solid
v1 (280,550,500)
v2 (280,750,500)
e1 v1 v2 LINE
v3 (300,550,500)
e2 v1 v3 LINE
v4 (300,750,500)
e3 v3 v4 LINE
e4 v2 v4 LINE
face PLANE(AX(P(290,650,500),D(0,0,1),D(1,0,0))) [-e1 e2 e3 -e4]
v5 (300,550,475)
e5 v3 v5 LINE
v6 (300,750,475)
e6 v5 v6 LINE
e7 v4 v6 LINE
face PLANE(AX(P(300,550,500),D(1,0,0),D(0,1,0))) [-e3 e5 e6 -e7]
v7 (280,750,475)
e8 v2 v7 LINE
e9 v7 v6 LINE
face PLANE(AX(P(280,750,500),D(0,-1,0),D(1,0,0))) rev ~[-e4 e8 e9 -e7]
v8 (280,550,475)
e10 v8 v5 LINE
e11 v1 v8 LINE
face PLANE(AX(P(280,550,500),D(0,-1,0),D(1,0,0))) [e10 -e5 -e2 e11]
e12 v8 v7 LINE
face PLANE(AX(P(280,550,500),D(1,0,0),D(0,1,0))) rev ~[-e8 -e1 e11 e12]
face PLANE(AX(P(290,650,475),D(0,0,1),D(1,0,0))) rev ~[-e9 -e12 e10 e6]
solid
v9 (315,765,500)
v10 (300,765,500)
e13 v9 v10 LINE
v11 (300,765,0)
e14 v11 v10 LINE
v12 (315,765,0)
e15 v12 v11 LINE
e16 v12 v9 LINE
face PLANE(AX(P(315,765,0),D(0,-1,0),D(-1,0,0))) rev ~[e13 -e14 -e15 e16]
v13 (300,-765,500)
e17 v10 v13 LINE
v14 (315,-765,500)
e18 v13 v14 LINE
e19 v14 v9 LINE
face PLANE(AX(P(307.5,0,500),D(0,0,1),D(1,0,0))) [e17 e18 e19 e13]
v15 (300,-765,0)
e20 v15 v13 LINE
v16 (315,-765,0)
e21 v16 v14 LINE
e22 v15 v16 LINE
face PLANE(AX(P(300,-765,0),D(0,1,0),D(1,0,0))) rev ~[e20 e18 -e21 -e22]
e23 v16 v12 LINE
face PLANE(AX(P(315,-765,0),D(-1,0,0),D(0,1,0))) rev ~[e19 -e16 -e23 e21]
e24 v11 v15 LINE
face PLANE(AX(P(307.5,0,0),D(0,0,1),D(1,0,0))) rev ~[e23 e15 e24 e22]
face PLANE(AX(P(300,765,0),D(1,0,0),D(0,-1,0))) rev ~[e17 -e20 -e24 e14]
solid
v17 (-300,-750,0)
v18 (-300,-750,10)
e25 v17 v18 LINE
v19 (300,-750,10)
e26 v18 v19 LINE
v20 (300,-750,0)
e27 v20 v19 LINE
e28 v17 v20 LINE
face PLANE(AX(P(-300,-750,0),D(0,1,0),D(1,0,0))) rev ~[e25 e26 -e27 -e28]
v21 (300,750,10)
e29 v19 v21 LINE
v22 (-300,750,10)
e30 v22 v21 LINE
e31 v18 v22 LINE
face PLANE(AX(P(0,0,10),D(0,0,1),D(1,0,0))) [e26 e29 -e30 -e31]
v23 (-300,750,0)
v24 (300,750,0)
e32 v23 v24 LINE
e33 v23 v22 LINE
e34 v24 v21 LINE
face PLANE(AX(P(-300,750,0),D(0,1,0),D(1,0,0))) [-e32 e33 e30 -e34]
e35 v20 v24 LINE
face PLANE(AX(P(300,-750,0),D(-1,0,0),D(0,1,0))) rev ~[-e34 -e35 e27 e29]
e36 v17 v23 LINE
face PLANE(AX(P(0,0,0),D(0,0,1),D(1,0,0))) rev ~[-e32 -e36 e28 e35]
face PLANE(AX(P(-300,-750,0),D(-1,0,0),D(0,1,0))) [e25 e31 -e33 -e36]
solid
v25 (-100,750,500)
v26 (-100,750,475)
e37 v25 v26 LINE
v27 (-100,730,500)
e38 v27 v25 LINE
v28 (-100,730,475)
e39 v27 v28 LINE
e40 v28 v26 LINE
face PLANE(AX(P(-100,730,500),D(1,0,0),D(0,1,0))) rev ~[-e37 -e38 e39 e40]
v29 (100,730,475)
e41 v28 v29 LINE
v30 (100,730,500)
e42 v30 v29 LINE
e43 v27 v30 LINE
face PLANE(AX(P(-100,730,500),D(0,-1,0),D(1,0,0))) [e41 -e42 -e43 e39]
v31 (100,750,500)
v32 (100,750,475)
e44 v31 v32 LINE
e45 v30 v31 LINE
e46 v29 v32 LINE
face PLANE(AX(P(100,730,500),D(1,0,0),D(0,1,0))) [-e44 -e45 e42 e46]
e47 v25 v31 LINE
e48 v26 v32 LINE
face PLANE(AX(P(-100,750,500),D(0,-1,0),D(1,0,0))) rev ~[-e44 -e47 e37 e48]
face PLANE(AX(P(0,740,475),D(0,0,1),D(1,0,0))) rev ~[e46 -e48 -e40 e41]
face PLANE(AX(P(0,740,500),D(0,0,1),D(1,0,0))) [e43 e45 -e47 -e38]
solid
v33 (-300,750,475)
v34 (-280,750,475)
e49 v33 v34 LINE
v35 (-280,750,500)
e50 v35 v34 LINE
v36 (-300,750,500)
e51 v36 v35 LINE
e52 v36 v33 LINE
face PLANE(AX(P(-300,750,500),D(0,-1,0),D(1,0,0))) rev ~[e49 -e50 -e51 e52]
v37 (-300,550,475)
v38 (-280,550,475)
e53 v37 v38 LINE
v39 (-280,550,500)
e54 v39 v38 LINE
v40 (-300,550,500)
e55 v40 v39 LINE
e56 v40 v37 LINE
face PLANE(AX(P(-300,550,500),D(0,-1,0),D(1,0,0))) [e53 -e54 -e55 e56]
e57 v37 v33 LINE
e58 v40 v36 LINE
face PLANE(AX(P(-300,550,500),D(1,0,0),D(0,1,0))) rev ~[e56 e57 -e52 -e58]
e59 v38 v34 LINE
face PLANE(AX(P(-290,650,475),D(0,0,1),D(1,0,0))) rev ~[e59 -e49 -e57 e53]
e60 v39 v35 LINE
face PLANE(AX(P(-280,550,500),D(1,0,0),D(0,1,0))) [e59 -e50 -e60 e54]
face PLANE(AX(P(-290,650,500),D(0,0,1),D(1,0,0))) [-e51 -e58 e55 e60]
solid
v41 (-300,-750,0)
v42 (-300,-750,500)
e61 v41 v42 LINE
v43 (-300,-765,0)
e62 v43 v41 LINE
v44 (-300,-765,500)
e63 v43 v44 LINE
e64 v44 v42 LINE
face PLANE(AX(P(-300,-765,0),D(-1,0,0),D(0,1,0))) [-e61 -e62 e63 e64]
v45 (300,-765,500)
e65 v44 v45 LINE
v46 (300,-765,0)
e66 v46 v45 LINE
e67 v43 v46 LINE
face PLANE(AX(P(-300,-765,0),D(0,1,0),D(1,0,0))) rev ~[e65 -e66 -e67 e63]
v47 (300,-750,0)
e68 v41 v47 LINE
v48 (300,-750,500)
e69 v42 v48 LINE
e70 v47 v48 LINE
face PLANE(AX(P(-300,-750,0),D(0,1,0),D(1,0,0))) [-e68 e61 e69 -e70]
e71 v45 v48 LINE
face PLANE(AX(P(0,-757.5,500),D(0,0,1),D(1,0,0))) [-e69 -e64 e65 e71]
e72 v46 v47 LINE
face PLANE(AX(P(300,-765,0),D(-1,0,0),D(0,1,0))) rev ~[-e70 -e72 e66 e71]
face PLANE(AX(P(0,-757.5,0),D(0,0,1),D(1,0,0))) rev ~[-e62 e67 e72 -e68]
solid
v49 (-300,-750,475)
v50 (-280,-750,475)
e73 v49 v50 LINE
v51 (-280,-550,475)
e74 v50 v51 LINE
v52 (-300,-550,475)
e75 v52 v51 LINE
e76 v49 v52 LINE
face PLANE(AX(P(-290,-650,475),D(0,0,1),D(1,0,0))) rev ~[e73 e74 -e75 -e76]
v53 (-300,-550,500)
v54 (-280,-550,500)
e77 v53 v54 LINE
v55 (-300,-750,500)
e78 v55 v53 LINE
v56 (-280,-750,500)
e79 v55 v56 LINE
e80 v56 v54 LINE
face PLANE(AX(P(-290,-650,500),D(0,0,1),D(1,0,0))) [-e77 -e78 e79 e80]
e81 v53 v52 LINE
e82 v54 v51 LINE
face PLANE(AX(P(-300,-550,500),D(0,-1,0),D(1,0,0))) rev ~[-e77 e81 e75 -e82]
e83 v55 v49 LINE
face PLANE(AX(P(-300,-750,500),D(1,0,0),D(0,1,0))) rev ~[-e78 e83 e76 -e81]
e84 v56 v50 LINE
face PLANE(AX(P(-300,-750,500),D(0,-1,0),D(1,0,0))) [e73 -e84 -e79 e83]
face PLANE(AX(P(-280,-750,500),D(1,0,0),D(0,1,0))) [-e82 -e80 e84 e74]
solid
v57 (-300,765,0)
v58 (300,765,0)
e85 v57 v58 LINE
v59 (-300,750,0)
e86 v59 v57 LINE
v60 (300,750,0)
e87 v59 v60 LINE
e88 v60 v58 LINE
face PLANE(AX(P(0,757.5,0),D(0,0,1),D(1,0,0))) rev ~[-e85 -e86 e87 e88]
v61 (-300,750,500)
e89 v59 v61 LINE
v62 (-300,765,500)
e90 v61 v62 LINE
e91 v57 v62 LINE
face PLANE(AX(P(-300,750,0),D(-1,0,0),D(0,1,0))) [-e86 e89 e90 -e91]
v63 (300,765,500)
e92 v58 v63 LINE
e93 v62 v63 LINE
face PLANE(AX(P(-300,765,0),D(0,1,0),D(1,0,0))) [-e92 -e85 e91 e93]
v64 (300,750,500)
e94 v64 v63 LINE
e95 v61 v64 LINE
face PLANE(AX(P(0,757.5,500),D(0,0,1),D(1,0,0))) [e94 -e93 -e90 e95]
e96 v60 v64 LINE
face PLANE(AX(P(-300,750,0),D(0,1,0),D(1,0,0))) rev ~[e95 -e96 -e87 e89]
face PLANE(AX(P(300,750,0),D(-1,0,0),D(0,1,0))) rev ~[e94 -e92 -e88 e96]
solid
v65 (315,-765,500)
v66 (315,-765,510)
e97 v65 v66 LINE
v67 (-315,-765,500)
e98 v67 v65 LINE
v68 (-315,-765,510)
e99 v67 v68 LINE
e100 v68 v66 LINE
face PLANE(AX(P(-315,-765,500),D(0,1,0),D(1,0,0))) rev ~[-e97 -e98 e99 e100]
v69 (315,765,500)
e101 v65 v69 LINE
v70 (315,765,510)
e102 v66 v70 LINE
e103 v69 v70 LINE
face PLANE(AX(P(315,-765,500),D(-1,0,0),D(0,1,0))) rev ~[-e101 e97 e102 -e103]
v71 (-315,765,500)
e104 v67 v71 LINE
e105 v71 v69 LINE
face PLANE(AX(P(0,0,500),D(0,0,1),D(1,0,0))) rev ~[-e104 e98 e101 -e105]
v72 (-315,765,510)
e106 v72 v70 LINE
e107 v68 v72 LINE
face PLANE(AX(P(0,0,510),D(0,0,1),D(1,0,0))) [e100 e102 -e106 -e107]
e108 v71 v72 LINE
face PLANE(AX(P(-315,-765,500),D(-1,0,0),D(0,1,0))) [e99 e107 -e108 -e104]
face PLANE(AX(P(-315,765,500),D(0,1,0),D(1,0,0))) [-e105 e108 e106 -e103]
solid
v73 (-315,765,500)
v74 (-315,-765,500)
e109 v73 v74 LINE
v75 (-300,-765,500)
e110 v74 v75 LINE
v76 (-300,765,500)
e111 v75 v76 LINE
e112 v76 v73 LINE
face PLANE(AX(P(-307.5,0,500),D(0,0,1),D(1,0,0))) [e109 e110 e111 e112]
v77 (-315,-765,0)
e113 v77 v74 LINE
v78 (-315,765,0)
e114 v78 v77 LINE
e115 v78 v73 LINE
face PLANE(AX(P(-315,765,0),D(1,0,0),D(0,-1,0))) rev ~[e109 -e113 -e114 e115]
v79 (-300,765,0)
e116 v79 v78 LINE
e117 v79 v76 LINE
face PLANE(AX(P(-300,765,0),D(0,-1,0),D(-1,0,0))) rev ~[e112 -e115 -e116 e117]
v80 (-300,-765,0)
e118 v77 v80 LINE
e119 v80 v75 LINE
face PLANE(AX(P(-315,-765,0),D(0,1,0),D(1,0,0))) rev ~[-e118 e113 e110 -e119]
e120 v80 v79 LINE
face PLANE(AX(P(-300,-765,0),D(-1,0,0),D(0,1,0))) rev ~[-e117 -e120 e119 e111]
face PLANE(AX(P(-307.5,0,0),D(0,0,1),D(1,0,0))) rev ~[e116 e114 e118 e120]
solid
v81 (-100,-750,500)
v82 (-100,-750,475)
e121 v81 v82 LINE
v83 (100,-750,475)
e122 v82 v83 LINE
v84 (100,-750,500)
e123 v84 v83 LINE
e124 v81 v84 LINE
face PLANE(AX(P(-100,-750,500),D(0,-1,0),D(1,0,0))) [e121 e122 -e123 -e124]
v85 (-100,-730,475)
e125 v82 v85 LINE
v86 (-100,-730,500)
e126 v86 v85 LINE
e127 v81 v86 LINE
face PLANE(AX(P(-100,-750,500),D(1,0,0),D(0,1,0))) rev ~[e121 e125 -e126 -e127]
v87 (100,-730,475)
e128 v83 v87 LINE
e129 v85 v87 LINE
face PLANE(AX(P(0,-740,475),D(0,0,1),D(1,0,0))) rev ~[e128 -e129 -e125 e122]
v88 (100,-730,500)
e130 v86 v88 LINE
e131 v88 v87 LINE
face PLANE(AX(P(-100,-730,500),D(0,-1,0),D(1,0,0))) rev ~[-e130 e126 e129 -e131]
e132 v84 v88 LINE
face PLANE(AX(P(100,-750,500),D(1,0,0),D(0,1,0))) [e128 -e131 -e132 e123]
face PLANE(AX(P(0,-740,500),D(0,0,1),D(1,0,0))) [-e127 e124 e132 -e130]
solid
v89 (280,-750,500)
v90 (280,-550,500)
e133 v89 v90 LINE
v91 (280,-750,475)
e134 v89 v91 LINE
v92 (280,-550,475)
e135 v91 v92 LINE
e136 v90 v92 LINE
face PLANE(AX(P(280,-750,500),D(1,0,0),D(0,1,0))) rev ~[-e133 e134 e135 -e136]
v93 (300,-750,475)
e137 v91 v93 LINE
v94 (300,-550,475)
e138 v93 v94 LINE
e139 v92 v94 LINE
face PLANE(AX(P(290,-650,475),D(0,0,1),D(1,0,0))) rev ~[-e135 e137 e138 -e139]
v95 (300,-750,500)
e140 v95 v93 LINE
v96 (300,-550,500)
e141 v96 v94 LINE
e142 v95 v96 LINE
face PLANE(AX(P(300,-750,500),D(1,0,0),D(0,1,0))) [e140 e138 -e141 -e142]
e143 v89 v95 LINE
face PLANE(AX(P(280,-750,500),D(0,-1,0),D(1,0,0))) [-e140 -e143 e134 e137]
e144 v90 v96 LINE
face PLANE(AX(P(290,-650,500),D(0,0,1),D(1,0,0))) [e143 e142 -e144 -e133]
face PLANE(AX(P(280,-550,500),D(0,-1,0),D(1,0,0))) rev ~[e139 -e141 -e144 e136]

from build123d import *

# Parameters (mm, degrees)
F1_W      = 600
F1_H      = 1500
F2_DEPTH  = 10
F1_H_2    = 15
F3_DEPTH  = 500
F4_DEPTH  = 500
F5_DEPTH  = 500
F6_DEPTH  = 500
F7_W      = 630
F7_H      = 1530
F8_DEPTH  = 10
F9_W      = 20
F9_H      = 200
F10_DEPTH = 25
F9_W_2    = 200
F9_H_2    = 20
F11_DEPTH = 25


with BuildPart() as f2:
    # F1 (on Top) → F2 (new body)
    with BuildSketch(Plane.XY):
        Rectangle(F1_W, F1_H)
    extrude(amount=F2_DEPTH)


with BuildPart() as f3:
    # F1 (on Top) → F3 (new body, through all)
    with BuildSketch(Plane.XY):
        with Locations((0, 757.5)):
            Rectangle(F1_W, F1_H_2)
    extrude(amount=F3_DEPTH)


with BuildPart() as f4:
    # F1 (on Top) → F4 (new body, through all)
    with BuildSketch(Plane.XY):
        with Locations((0, -757.5)):
            Rectangle(F1_W, F1_H_2)
    extrude(amount=F4_DEPTH)


with BuildPart() as f5:
    # F1 (on Top) → F5 (new body, through all)
    with BuildSketch(Plane.XY):
        Polygon((300, 750), (300, -750), (300, -765), (315, -765), (315, 765), (300, 765), align=None)
    extrude(amount=F5_DEPTH)


with BuildPart() as f6:
    # F1 (on Top) → F6 (new body, through all)
    with BuildSketch(Plane.XY):
        Polygon((-300, -765), (-300, -750), (-300, 750), (-300, 765), (-315, 765), (-315, -765), align=None)
    extrude(amount=F6_DEPTH)


with BuildPart() as f8:
    # F7 (on offset) → F8 (new body)
    with BuildSketch(Plane.XY.offset(500)):
        Rectangle(F7_W, F7_H)
    extrude(amount=F8_DEPTH)


with BuildPart() as f10:
    # F9 (on offset) → F10 (new body)
    with BuildSketch(Plane.XY.offset(500)):
        with Locations((290, -650)):
            Rectangle(F9_W, F9_H)
    extrude(amount=-F10_DEPTH)


with BuildPart() as f11:
    # F9 (on offset) → F11 (new body)
    with BuildSketch(Plane.XY.offset(500)):
        with Locations((0, -740)):
            Rectangle(F9_W_2, F9_H_2)
        with Locations((-290, -650)):
            Rectangle(F9_W, F9_H)
        with Locations((290, 650)):
            Rectangle(F9_W, F9_H)
        with Locations((0, 740)):
            Rectangle(F9_W_2, F9_H_2)
        with Locations((-290, 650)):
            Rectangle(F9_W, F9_H)
    extrude(amount=-F11_DEPTH)


solid = Compound([f2.part, f3.part, f4.part, f5.part, f6.part, f8.part, f10.part, f11.part])
